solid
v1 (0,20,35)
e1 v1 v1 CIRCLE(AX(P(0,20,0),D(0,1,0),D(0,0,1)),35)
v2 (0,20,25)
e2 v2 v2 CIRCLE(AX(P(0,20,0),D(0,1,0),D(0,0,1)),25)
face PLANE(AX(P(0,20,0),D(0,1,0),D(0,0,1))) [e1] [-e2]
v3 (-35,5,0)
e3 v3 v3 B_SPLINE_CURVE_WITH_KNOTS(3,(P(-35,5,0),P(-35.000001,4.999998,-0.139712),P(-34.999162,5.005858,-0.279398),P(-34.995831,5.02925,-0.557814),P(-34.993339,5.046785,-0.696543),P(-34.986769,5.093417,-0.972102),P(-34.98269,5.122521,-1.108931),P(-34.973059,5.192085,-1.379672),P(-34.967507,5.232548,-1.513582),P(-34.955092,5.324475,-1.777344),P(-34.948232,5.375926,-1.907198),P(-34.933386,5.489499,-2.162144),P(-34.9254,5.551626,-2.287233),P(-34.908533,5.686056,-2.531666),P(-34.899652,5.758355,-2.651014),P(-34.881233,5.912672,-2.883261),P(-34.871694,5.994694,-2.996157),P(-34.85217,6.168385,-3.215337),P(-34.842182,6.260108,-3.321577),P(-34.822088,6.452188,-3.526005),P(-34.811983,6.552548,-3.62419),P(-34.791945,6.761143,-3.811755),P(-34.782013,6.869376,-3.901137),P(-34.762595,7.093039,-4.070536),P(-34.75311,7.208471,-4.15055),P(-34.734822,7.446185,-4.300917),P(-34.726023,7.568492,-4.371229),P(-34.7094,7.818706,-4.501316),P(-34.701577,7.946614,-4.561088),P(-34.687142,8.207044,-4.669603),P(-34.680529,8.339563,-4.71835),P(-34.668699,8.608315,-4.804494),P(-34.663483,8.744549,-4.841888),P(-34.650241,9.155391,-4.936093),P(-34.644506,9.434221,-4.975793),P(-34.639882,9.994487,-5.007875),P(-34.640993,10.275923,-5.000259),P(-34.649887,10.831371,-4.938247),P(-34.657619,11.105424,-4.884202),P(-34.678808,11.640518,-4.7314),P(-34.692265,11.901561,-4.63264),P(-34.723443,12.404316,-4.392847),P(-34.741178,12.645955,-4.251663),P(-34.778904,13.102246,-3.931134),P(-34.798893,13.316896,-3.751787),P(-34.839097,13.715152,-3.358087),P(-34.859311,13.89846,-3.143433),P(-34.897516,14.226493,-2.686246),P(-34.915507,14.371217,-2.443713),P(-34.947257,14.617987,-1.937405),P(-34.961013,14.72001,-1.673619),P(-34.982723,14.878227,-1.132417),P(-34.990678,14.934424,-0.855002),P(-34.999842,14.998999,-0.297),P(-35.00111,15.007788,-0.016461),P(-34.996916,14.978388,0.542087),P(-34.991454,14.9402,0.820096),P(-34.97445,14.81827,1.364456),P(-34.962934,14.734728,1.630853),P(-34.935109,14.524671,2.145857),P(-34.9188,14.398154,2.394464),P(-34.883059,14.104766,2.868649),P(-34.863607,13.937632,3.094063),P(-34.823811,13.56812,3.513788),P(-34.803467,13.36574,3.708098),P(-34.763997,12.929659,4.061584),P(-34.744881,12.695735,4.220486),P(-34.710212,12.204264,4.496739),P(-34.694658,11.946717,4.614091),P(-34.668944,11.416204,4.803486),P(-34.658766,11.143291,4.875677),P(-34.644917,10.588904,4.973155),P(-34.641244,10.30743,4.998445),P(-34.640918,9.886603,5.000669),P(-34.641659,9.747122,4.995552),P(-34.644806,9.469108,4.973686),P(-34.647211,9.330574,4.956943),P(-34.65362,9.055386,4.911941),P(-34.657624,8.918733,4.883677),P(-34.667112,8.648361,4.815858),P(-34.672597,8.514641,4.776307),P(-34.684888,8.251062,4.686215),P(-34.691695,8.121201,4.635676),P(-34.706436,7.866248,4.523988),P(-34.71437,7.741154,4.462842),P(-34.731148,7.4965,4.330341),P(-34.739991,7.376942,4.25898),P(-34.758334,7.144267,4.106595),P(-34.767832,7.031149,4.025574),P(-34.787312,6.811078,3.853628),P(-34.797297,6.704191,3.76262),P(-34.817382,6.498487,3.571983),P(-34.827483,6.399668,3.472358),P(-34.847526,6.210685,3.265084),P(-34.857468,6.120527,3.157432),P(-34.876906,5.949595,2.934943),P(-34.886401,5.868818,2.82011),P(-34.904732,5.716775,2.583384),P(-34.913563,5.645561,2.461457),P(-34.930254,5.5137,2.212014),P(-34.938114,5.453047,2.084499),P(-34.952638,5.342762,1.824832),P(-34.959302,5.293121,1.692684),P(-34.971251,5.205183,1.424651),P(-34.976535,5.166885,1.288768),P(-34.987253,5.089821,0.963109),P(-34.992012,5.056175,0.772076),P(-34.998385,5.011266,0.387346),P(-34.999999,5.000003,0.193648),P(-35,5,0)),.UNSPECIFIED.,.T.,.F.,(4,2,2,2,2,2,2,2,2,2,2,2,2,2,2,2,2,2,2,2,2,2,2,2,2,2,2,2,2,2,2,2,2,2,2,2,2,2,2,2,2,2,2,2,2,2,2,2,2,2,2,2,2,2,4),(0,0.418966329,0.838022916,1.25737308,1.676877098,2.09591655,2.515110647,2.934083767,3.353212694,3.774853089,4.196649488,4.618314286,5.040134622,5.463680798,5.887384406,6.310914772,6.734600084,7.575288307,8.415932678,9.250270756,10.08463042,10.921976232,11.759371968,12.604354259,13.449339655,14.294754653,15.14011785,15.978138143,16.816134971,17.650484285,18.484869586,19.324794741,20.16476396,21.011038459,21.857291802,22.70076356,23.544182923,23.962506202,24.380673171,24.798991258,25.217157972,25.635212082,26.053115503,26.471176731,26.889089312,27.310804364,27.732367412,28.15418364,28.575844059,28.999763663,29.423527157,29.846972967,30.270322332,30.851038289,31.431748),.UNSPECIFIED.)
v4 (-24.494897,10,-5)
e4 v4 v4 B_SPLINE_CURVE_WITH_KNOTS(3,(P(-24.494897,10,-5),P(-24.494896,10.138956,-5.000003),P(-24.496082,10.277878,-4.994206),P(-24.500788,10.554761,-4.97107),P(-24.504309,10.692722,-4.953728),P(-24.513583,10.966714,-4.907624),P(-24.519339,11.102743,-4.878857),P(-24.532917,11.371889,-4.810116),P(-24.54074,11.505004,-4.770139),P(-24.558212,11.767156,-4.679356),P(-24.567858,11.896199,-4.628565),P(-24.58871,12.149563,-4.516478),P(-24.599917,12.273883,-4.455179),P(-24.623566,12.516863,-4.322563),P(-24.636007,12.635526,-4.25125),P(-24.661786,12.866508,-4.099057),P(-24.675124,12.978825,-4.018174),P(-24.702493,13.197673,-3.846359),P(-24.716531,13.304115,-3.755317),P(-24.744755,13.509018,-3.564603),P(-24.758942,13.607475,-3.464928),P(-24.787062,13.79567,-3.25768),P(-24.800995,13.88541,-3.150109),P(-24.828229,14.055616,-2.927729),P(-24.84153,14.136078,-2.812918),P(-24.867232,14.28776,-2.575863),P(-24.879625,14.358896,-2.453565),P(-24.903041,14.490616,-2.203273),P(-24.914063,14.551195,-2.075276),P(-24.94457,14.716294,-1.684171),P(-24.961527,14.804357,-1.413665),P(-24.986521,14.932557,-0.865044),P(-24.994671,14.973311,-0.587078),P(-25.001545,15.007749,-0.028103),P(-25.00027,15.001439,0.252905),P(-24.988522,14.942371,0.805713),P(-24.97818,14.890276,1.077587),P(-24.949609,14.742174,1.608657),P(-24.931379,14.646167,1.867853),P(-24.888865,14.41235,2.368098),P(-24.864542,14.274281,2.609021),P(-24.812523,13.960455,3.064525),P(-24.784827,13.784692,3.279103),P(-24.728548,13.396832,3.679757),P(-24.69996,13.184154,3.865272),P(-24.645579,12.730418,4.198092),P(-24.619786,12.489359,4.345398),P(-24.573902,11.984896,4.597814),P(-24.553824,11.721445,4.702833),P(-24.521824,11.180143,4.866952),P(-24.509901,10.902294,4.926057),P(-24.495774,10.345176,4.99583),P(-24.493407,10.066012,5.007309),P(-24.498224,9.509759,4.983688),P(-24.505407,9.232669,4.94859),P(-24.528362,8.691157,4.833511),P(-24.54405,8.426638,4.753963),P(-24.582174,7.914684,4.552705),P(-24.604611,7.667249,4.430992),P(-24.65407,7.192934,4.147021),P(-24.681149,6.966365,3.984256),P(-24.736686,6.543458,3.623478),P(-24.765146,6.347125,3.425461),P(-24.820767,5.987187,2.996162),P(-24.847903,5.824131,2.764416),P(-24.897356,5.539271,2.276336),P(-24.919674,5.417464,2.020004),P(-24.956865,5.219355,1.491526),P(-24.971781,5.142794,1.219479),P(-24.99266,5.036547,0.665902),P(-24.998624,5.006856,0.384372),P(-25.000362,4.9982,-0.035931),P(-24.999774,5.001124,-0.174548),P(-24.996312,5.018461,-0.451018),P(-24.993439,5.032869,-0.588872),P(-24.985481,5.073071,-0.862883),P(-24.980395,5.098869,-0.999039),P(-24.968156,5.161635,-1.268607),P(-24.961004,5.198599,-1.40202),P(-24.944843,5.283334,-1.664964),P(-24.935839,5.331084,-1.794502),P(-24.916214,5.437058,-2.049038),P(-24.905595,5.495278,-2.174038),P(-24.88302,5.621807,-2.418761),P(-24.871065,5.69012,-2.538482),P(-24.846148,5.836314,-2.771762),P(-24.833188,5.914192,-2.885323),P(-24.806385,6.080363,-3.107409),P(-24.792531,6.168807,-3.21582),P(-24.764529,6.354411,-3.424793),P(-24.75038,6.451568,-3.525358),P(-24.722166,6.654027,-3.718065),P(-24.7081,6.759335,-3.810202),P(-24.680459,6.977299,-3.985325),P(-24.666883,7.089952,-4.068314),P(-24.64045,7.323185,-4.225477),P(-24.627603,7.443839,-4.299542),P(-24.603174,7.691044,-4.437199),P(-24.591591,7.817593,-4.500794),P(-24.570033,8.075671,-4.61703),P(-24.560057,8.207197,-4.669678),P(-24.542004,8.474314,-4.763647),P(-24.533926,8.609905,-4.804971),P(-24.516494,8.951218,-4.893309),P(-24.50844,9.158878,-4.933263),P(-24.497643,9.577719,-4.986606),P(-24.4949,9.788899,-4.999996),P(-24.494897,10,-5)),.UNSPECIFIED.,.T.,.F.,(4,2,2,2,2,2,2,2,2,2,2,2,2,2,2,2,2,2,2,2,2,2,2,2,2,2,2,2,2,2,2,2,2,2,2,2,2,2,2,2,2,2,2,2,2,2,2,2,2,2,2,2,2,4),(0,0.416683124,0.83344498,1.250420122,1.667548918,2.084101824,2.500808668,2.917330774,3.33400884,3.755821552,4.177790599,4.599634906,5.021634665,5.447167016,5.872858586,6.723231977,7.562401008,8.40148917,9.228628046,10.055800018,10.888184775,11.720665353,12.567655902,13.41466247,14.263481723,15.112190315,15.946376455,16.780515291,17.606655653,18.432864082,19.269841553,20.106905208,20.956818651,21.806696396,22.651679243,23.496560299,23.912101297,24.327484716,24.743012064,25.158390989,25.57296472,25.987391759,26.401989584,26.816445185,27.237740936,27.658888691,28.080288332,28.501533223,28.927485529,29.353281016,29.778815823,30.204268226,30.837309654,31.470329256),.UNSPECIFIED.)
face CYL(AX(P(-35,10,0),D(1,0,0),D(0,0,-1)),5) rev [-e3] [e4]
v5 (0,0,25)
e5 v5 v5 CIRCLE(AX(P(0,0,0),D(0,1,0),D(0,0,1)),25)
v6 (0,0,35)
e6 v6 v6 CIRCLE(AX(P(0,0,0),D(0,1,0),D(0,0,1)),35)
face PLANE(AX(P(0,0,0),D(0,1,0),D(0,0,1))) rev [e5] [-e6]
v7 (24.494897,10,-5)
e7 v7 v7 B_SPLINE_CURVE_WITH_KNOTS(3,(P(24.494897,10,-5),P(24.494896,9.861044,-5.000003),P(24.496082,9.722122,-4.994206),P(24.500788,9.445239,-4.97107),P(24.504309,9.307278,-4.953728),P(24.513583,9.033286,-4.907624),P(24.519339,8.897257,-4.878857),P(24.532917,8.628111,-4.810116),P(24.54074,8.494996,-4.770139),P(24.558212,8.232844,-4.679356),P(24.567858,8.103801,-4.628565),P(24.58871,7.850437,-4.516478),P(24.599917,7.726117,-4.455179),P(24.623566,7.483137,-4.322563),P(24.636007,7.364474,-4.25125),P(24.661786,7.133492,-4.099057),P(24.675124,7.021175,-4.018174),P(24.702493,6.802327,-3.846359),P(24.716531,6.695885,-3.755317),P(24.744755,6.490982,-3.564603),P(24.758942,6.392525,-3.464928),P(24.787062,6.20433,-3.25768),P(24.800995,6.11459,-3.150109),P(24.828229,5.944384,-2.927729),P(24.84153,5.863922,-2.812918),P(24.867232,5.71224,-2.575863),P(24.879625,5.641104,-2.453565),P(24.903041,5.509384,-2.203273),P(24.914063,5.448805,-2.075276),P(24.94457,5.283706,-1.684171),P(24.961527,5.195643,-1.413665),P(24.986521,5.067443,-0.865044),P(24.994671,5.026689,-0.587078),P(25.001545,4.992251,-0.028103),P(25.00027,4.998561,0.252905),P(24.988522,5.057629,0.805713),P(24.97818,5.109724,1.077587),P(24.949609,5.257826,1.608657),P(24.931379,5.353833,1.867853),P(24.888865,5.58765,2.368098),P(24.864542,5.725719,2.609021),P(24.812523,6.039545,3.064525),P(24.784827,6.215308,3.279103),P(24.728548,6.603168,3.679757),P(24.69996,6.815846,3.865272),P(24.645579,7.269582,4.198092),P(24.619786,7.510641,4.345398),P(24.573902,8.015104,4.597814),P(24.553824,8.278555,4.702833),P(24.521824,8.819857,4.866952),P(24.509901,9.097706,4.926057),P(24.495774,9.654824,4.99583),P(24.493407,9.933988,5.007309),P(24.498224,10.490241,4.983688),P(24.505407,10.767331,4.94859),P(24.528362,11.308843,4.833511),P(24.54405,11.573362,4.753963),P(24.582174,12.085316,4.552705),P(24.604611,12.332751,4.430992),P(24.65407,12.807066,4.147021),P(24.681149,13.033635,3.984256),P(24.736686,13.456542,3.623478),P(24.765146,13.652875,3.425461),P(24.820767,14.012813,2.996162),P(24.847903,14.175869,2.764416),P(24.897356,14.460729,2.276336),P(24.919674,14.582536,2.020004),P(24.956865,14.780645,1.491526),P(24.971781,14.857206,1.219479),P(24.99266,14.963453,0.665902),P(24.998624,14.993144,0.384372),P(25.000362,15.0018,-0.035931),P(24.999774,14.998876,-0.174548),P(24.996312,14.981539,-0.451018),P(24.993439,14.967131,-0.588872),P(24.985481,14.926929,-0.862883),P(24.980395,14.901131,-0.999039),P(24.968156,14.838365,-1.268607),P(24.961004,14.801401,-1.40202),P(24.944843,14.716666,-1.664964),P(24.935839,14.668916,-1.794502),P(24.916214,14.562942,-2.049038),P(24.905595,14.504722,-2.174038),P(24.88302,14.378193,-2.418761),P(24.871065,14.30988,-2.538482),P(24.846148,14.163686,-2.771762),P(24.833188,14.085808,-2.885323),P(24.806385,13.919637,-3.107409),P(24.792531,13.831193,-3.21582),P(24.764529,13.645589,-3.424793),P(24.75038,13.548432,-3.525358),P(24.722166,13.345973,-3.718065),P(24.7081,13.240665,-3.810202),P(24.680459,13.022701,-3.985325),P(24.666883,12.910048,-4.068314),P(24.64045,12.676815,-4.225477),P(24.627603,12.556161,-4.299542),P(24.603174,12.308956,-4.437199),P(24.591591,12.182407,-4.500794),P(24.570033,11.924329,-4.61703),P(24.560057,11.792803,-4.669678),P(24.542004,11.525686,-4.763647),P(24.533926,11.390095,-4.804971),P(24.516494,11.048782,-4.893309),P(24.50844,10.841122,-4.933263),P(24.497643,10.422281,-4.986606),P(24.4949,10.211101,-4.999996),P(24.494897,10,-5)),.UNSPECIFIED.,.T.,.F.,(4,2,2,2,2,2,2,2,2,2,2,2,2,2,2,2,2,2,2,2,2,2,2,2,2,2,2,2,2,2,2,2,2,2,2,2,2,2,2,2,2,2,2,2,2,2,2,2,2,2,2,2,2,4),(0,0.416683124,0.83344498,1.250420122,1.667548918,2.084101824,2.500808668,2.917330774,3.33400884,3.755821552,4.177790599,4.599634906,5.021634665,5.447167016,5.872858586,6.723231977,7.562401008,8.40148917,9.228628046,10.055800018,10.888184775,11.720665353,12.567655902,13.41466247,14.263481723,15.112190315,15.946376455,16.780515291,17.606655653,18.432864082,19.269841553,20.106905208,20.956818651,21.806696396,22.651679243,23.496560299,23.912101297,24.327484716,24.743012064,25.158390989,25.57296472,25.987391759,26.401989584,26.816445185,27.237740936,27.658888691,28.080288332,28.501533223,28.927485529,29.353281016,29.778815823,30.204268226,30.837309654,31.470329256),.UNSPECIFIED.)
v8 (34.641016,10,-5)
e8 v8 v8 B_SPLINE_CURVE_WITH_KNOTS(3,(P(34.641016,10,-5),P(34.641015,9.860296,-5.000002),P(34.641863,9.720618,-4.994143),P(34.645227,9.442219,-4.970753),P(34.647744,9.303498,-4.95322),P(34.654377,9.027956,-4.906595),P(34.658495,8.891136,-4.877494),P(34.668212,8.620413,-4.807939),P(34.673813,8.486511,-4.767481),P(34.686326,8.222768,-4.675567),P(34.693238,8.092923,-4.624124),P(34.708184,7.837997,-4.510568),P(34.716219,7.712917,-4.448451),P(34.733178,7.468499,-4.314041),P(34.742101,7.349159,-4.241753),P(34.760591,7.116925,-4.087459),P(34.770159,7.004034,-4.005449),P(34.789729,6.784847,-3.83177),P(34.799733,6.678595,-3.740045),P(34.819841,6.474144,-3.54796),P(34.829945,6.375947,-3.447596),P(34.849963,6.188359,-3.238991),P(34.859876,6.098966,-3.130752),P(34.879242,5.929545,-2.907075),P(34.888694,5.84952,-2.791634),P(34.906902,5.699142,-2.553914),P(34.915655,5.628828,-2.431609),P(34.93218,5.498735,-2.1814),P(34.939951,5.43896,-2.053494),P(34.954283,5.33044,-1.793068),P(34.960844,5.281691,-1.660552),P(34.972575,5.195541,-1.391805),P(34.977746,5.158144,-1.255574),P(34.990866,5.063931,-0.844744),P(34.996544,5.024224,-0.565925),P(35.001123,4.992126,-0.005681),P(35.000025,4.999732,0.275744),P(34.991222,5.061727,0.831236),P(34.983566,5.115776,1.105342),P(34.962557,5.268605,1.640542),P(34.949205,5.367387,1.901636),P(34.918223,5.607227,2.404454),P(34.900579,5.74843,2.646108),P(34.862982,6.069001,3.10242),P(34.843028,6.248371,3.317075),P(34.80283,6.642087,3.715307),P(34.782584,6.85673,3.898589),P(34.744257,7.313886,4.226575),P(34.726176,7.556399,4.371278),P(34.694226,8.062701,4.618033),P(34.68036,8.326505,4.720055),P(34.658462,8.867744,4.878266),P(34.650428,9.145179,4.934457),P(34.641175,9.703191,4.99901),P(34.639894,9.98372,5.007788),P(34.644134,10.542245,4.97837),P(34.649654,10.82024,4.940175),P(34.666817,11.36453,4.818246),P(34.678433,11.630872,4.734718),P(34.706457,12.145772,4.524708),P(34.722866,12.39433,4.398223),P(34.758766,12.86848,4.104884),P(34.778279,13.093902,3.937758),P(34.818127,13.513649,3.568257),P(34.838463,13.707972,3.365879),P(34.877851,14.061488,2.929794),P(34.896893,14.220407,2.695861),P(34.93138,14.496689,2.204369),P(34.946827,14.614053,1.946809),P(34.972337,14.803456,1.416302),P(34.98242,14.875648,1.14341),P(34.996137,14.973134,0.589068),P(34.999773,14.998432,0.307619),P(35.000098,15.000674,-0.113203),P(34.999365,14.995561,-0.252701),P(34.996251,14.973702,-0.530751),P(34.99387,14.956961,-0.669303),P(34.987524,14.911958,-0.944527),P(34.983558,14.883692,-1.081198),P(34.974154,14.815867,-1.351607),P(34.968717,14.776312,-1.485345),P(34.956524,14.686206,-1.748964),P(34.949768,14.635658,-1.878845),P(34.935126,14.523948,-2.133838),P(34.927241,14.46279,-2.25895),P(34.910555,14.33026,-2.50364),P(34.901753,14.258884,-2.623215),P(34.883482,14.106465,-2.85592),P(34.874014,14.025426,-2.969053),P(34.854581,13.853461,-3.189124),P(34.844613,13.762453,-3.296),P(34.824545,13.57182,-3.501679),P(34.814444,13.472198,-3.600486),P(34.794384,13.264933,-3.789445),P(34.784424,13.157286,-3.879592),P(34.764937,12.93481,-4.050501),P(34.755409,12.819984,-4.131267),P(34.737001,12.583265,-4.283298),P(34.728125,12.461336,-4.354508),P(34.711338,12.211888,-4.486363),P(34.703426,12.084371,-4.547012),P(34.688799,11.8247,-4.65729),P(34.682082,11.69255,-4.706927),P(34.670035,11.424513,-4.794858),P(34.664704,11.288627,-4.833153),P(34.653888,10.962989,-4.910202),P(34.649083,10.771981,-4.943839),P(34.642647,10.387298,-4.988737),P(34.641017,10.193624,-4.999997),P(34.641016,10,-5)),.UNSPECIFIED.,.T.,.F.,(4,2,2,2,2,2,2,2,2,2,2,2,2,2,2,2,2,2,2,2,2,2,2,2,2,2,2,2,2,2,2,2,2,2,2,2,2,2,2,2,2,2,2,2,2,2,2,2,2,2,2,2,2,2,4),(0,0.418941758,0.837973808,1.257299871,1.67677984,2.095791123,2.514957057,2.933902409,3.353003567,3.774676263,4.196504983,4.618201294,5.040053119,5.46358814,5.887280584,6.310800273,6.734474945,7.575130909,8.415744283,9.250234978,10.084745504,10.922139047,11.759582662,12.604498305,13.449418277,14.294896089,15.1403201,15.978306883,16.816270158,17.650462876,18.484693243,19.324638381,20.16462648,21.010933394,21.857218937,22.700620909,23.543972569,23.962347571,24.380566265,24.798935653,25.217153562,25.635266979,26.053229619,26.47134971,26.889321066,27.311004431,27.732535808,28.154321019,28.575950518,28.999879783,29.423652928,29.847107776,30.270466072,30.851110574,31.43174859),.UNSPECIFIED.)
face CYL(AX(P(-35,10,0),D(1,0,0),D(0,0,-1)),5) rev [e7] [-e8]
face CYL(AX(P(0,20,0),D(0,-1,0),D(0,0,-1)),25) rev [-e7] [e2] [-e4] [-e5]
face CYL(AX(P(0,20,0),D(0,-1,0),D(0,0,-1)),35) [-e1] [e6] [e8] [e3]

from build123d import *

# Parameters (mm, degrees)
SKETCH1_R           = 35
SKETCH1_R_2         = 25
BOSS_EXTRUDE1_DEPTH = 20
SKETCH2_R           = 5
CUT_EXTRUDE1_DEPTH  = 81.777472107


with BuildPart() as part:
    # Sketch1 → Boss-Extrude1 (new body)
    with BuildSketch(Plane(origin=(0, 0, 0), x_dir=(1, 0, 0), z_dir=(0, 1, 0))):
        with Locations(Location((0, 0, 0), (0, 0, 270))):
            Circle(SKETCH1_R)
        with Locations(Location((0, 0, 0), (0, 0, 270))):
            Circle(SKETCH1_R_2, mode=Mode.SUBTRACT)
    extrude(amount=BOSS_EXTRUDE1_DEPTH)

    # Sketch2 → Cut-Extrude1 (cut, through all)
    with BuildSketch(Plane(origin=(35, 0, 0), x_dir=(0, 0, -1), z_dir=(1, 0, 0))):
        with Locations((0, 10)):
            Circle(SKETCH2_R)
    extrude(amount=-CUT_EXTRUDE1_DEPTH, mode=Mode.SUBTRACT)


solid = part.part
